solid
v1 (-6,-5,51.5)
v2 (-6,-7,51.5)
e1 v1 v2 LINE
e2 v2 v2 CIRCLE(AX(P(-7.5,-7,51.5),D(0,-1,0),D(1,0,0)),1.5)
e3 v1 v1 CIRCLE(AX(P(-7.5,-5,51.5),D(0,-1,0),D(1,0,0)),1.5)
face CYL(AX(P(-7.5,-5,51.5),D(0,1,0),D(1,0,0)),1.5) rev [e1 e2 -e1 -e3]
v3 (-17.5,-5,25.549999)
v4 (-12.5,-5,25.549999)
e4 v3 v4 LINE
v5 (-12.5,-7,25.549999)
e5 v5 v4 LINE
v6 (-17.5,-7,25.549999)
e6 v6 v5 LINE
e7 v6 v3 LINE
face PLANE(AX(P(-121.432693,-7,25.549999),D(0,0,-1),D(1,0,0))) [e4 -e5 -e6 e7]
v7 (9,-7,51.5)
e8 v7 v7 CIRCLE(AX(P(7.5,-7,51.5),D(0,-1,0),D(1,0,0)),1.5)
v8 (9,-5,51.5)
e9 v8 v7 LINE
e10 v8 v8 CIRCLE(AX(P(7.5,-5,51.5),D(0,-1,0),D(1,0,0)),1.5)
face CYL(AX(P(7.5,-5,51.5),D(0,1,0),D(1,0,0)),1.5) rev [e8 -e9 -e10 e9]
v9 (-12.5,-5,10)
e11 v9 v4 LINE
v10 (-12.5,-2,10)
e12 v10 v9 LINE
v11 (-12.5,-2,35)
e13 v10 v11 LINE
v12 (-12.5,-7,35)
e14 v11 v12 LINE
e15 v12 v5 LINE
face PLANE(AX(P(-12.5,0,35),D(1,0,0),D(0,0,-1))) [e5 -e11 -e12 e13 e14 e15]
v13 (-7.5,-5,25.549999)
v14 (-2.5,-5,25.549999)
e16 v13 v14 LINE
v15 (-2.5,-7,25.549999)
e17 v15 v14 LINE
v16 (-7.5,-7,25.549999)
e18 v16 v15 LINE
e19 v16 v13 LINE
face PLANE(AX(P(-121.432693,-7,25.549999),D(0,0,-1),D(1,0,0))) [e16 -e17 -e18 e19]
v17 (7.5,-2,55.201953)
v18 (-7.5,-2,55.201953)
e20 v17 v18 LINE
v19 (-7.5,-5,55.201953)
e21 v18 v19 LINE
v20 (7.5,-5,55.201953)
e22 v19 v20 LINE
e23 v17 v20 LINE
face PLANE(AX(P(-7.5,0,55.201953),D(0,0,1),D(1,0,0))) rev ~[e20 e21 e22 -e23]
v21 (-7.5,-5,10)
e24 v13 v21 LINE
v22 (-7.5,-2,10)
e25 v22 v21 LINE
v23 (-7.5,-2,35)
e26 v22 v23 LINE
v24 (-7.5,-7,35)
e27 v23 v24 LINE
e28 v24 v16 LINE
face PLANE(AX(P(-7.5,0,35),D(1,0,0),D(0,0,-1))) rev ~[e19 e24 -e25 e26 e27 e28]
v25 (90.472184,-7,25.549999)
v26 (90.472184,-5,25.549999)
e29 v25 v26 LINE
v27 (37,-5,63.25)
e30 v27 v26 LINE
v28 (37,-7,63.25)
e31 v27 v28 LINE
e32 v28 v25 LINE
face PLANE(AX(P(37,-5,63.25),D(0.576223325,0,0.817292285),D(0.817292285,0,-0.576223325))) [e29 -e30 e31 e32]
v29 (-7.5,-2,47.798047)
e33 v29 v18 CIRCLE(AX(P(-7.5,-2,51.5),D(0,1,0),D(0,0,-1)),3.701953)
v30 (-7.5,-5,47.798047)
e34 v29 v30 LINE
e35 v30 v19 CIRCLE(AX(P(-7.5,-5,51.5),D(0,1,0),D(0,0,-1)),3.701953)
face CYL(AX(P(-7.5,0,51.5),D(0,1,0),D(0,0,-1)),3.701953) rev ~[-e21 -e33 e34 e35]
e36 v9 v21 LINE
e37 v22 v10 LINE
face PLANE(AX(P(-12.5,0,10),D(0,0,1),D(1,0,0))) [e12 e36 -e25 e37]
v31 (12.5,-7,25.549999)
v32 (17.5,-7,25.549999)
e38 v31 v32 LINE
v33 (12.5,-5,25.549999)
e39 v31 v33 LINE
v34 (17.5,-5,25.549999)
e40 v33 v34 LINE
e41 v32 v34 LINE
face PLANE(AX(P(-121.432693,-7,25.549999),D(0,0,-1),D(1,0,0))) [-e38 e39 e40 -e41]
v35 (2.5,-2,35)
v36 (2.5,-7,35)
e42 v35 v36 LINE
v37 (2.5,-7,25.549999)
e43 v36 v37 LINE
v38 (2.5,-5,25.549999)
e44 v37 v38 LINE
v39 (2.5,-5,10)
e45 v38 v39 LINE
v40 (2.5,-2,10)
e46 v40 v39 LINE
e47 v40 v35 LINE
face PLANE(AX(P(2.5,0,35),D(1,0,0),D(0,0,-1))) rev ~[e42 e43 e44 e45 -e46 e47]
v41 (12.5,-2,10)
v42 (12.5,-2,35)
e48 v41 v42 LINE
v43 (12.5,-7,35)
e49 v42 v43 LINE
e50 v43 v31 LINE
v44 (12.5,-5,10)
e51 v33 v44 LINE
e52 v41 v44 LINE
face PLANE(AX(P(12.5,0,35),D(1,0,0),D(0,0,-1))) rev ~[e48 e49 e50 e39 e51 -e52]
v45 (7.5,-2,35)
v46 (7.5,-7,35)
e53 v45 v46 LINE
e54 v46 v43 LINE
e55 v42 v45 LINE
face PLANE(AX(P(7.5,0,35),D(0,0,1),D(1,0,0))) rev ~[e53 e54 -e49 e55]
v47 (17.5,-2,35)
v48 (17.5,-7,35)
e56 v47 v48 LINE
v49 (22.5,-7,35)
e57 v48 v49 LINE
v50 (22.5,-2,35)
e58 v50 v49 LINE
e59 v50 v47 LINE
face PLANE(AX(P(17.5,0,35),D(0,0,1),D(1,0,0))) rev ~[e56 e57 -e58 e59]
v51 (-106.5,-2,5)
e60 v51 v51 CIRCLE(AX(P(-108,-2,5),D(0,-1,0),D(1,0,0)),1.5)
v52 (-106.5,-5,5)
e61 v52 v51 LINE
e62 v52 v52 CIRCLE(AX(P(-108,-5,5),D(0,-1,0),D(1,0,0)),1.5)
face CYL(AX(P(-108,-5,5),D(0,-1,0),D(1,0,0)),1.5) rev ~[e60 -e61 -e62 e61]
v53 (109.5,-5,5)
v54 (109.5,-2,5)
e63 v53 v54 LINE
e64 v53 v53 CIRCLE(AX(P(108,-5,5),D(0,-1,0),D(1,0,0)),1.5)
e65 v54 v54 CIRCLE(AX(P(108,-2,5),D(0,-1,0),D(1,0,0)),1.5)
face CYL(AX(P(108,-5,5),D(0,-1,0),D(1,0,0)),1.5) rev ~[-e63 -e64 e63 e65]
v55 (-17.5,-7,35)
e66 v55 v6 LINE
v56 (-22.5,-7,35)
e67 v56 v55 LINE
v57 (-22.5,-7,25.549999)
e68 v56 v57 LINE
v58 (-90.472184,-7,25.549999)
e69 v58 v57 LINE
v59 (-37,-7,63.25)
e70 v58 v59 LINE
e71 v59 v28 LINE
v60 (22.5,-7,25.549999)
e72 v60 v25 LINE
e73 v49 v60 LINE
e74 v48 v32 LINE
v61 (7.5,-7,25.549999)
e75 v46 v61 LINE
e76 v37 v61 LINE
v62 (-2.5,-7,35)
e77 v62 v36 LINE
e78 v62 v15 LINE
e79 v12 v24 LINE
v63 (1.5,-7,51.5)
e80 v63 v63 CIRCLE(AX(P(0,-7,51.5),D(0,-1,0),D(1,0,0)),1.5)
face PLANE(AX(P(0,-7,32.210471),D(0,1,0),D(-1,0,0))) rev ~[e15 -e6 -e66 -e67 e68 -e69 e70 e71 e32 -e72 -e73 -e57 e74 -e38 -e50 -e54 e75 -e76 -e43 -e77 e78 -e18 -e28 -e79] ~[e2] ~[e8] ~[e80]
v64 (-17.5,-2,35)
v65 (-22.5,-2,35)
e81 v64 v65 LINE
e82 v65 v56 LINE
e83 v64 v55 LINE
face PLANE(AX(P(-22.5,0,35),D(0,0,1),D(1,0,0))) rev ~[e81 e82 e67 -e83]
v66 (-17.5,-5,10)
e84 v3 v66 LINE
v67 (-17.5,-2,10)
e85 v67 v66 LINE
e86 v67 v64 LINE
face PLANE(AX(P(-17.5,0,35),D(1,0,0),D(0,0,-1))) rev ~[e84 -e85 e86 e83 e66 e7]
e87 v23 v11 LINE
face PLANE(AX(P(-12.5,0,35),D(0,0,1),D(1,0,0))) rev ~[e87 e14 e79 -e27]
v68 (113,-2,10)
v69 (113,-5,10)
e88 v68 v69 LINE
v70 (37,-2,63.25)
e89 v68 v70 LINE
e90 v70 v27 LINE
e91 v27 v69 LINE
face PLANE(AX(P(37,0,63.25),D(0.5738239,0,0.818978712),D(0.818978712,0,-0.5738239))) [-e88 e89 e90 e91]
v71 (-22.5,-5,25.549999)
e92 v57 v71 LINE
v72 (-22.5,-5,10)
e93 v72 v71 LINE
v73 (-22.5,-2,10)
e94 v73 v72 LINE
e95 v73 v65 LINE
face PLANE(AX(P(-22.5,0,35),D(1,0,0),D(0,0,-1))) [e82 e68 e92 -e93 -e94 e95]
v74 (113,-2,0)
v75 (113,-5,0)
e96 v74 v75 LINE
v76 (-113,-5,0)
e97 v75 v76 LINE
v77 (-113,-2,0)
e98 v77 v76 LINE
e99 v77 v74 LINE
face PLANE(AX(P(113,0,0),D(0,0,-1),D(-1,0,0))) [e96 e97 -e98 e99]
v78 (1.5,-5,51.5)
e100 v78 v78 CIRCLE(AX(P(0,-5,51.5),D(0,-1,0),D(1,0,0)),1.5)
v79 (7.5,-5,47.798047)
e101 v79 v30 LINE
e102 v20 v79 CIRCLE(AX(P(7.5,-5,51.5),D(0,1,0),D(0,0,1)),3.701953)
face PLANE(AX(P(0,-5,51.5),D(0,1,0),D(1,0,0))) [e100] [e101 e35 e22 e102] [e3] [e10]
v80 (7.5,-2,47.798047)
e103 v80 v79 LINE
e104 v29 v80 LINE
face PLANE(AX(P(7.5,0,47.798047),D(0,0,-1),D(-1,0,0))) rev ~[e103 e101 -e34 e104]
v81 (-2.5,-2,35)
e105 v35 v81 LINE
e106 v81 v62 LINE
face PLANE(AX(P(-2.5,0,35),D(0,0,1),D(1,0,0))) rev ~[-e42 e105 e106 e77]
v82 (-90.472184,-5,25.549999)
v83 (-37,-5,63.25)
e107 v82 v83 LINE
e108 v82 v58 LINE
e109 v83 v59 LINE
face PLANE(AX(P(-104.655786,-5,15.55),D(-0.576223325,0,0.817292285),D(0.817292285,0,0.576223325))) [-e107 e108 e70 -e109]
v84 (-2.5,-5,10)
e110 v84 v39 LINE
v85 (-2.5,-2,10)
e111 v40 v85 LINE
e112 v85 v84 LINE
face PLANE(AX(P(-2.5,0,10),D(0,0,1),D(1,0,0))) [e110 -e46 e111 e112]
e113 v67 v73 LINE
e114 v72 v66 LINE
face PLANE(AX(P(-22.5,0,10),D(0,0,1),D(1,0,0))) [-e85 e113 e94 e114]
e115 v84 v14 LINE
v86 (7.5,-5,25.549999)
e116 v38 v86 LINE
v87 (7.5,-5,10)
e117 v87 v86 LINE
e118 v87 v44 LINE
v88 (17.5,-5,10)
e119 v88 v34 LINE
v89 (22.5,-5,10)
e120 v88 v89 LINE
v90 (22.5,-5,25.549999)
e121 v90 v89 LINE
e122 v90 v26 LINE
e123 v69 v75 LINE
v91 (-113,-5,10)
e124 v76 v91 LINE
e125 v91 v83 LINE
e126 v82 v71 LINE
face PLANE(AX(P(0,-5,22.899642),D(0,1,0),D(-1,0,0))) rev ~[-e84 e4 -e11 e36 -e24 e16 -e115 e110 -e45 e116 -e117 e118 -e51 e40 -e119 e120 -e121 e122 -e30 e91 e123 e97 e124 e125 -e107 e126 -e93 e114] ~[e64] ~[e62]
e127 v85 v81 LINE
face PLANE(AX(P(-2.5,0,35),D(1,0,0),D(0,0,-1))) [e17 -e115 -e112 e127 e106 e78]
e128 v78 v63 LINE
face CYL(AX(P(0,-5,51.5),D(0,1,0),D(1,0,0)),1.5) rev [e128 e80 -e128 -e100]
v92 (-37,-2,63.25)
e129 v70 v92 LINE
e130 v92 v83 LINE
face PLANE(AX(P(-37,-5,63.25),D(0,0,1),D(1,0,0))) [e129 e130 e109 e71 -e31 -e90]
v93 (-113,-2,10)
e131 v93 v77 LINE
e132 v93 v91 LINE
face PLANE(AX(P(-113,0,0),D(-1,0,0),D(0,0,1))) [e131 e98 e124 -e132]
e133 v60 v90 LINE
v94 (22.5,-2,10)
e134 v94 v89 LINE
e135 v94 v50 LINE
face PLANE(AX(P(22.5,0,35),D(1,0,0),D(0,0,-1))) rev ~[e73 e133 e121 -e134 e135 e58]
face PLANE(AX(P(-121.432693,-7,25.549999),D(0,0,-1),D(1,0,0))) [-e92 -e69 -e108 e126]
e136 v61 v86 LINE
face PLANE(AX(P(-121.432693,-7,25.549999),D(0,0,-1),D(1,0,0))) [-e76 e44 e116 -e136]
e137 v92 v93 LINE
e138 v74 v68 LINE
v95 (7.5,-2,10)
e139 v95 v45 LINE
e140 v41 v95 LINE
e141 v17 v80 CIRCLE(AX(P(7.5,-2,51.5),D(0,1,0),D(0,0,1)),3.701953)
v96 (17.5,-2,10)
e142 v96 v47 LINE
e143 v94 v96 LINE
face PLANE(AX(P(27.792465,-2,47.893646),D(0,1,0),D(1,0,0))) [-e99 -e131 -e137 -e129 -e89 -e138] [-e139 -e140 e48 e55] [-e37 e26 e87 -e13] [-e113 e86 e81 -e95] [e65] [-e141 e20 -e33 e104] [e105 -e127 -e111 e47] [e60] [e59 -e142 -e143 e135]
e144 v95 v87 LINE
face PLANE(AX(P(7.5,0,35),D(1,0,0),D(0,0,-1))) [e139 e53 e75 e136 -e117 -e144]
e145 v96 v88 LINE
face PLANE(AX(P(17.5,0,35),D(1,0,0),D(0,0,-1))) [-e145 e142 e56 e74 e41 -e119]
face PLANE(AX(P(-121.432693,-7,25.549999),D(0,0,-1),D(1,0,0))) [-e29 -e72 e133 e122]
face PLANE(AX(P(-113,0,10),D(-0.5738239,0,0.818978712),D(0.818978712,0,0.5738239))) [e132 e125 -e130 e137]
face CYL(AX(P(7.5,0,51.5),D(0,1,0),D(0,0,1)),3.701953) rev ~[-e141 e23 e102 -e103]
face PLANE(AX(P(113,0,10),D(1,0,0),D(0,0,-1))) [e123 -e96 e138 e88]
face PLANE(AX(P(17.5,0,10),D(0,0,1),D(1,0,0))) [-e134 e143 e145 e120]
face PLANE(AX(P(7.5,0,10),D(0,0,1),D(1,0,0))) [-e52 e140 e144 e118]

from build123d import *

# Parameters (mm, degrees)
PAD_DEPTH       = 5
SKETCH001_R     = 1.5
POCKET_DEPTH    = 5.001
SKETCH002_R     = 1.5
PAD001_DEPTH    = 2
POCKET001_DEPTH = 5
SKETCH004_W     = 5
SKETCH004_H     = 25
POCKET002_DEPTH = 7.001
SKETCH005_W     = 243.085243
SKETCH005_H     = 32.517023
POCKET003_DEPTH = 2
SKETCH006_W     = 324.151733
SKETCH006_H     = 177.952698
POCKET004_DEPTH = 2


with BuildPart() as part:
    # Sketch → Pad (new body)
    with BuildSketch(Plane.XZ):
        Polygon((-37, 63.25), (37, 63.25), (113, 10), (113, 0), (-113, 0), (-113, 10), align=None)
    extrude(amount=PAD_DEPTH)

    # Sketch001 (on Face8 of Pad) → Pocket (cut, through all)
    with BuildSketch(Plane.XZ.offset(5)):
        with Locations((-108, 5)):
            Circle(SKETCH001_R)
        with Locations((108, 5)):
            Circle(SKETCH001_R)
        with Locations((-7.5, 51.5)):
            Circle(SKETCH001_R)
        with Locations((0, 51.5)):
            Circle(SKETCH001_R)
        with Locations((7.5, 51.5)):
            Circle(SKETCH001_R)
    extrude(amount=-POCKET_DEPTH, mode=Mode.SUBTRACT)

    # Sketch002 (on Face5 of Pocket) → Pad001 (join)
    with BuildSketch(Plane.XZ.offset(5)):
        Polygon((-37, 63.25), (37, 63.25), (104.655786, 15.55), (-104.655786, 15.55), align=None)
        with Locations((-7.5, 51.5)):
            Circle(SKETCH002_R, mode=Mode.SUBTRACT)
        with Locations((0, 51.5)):
            Circle(SKETCH002_R, mode=Mode.SUBTRACT)
        with Locations((7.5, 51.5)):
            Circle(SKETCH002_R, mode=Mode.SUBTRACT)
    extrude(amount=PAD001_DEPTH)

    # Sketch003 (on Face4 of Pad001) → Pocket001 (cut)
    with BuildSketch(Plane(origin=(0, 0, 0), x_dir=(1, 0, 0), z_dir=(0, 1, 0))):
        with BuildLine():
            ThreePointArc((-7.5, -47.798047), (-11.201953, -51.5), (-7.5, -55.201953))
            Line((-7.5, -55.201953), (7.5, -55.201953))
            ThreePointArc((7.5, -55.201953), (11.201953, -51.5), (7.5, -47.798047))
            Line((7.5, -47.798047), (-7.5, -47.798047))
        make_face()
    extrude(amount=-POCKET001_DEPTH, mode=Mode.SUBTRACT)

    # Sketch004 (on Face4 of Pocket001) → Pocket002 (cut, through all)
    with BuildSketch(Plane(origin=(0, 0, 0), x_dir=(1, 0, 0), z_dir=(0, 1, 0))):
        with Locations((-20, -22.5)):
            Rectangle(SKETCH004_W, SKETCH004_H)
        with Locations((0, -22.5)):
            Rectangle(SKETCH004_W, SKETCH004_H)
        with Locations((10, -22.5)):
            Rectangle(SKETCH004_W, SKETCH004_H)
        with Locations((20, -22.5)):
            Rectangle(SKETCH004_W, SKETCH004_H)
        with Locations((-10, -22.5)):
            Rectangle(SKETCH004_W, SKETCH004_H)
    extrude(amount=-POCKET002_DEPTH, mode=Mode.SUBTRACT)

    # Sketch005 (on Face38 of Pocket002) → Pocket003 (cut)
    with BuildSketch(Plane.XZ.offset(7)):
        with Locations((0.109928, 9.291488)):
            Rectangle(SKETCH005_W, SKETCH005_H)
    extrude(amount=-POCKET003_DEPTH, mode=Mode.SUBTRACT)

    # Sketch006 (on Face4 of Pocket003) → Pocket004 (cut)
    with BuildSketch(Plane(origin=(0, 0, 0), x_dir=(1, 0, 0), z_dir=(0, 1, 0))):
        with Locations((27.792465, -47.893646)):
            Rectangle(SKETCH006_W, SKETCH006_H)
    extrude(amount=-POCKET004_DEPTH, mode=Mode.SUBTRACT)


solid = part.part
